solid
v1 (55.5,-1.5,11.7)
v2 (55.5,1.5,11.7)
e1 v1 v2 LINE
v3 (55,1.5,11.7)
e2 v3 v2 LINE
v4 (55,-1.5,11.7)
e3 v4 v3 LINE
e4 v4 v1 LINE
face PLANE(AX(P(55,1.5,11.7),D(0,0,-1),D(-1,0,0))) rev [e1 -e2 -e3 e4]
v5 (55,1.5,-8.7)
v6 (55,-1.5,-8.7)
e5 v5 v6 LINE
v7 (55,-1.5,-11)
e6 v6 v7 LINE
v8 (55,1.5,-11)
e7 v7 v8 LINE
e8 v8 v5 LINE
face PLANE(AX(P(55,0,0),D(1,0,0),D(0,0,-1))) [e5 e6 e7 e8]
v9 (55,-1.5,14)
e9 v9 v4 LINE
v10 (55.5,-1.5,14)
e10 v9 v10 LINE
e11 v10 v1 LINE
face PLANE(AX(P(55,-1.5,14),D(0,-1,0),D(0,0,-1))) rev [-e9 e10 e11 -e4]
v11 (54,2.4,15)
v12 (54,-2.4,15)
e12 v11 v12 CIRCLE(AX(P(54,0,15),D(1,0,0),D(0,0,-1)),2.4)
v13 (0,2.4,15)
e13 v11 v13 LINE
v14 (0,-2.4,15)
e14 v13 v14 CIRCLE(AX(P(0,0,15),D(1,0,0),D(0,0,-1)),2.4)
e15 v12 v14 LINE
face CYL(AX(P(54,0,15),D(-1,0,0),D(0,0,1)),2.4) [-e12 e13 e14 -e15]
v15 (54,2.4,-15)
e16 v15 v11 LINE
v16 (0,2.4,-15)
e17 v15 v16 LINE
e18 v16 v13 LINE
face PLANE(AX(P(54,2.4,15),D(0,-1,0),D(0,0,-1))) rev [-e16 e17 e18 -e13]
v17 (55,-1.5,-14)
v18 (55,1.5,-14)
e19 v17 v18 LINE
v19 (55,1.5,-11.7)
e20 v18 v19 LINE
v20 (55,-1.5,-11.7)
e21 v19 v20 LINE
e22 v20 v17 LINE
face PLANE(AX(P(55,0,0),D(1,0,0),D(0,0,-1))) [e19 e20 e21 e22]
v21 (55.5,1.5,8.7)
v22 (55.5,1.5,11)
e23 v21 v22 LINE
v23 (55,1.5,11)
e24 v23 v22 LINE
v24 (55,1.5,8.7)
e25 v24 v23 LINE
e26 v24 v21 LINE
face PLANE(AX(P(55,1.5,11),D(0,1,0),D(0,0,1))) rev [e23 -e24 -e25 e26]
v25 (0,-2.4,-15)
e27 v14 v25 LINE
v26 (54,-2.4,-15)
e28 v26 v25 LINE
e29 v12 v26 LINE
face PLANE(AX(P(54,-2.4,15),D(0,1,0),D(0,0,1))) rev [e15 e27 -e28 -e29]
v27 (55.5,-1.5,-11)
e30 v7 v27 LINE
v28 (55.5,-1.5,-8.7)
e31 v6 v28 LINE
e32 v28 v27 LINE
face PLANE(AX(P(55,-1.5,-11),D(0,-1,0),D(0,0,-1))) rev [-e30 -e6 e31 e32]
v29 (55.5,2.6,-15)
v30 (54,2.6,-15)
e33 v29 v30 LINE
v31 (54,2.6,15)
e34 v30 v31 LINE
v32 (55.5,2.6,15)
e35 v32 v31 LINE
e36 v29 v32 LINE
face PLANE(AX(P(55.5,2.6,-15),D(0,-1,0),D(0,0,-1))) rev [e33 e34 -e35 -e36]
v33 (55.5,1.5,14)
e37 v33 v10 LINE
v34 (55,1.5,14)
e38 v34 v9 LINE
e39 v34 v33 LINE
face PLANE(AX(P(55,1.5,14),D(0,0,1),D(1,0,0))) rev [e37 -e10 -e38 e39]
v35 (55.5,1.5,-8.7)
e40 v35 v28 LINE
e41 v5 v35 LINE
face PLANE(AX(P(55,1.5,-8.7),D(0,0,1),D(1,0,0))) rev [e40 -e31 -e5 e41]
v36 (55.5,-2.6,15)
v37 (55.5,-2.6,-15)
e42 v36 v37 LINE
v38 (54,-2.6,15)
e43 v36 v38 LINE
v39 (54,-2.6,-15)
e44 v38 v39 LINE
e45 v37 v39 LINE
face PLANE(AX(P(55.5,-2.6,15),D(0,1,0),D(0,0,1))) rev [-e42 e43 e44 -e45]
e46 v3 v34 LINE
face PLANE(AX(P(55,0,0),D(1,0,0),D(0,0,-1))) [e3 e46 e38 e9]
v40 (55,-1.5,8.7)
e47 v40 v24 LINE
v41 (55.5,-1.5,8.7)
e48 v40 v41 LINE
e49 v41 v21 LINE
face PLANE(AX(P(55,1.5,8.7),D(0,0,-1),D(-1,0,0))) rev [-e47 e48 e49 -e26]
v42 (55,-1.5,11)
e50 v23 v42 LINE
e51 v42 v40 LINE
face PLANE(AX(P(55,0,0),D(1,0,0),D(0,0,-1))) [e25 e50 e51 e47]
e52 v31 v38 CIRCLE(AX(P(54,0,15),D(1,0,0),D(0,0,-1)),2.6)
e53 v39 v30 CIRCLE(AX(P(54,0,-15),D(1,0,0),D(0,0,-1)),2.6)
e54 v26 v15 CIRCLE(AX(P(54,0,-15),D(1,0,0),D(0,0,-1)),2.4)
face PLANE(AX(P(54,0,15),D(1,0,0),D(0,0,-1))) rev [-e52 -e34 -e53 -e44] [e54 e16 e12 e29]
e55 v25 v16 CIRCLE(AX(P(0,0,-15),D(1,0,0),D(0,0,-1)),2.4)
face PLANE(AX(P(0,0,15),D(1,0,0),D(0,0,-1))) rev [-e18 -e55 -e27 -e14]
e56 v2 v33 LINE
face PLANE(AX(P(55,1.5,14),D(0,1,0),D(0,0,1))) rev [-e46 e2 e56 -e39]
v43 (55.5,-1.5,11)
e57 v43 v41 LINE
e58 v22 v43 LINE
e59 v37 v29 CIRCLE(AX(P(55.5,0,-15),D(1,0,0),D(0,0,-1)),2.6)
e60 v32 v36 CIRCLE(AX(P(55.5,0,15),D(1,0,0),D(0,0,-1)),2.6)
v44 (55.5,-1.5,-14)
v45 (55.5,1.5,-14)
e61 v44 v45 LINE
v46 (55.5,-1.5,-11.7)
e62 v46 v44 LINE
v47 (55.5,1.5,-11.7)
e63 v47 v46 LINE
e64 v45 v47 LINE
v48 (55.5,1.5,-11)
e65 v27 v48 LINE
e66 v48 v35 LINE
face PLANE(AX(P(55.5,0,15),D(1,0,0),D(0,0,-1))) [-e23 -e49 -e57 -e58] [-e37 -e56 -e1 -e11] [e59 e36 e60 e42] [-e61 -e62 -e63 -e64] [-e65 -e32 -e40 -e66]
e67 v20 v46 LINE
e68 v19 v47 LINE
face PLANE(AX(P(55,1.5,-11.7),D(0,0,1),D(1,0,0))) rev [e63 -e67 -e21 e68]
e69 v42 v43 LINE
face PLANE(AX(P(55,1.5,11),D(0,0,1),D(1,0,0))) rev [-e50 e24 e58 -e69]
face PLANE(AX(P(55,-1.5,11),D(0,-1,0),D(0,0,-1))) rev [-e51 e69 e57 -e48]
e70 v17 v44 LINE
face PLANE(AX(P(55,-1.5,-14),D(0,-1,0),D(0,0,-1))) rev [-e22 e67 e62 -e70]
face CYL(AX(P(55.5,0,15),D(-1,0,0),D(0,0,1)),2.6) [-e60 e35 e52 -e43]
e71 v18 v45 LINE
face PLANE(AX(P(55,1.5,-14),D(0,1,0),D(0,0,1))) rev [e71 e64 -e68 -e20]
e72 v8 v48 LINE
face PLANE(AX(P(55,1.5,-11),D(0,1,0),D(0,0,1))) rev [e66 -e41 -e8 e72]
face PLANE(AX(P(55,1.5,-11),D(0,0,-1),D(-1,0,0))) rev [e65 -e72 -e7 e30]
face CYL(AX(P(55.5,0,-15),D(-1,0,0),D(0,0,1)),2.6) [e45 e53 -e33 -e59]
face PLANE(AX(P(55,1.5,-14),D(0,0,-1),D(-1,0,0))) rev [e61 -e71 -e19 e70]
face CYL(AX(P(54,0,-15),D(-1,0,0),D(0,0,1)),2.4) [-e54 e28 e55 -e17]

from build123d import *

# Parameters (mm, degrees)
BOSS_EXTRUDE1_DEPTH = 54
BOSS_EXTRUDE2_DEPTH = 1.5
SKETCH3_W           = 2.3
SKETCH3_H           = 3
CUT_EXTRUDE1_DEPTH  = 0.5


with BuildPart() as part:
    # Sketch1 → Boss-Extrude1 (new body)
    with BuildSketch(Plane(origin=(0, 0, 0), x_dir=(0, 0, -1), z_dir=(1, 0, 0))):
        with BuildLine():
            Line((-15, 2.4), (15, 2.4))
            ThreePointArc((15, 2.4), (17.4, 0), (15, -2.4))
            Line((15, -2.4), (-15, -2.4))
            ThreePointArc((-15, -2.4), (-17.4, 0), (-15, 2.4))
        make_face()
    extrude(amount=BOSS_EXTRUDE1_DEPTH)

    # Sketch2 → Boss-Extrude2 (add)
    with BuildSketch(Plane(origin=(54, 0, 0), x_dir=(0, 0, -1), z_dir=(1, 0, 0))):
        with BuildLine():
            Line((-15, -2.6), (15, -2.6))
            ThreePointArc((15, -2.6), (17.6, 0), (15, 2.6))
            Line((15, 2.6), (-15, 2.6))
            ThreePointArc((-15, 2.6), (-17.6, 0), (-15, -2.6))
        make_face()
    extrude(amount=BOSS_EXTRUDE2_DEPTH)

    # Sketch3 → Cut-Extrude1 (cut)
    with BuildSketch(Plane(origin=(55.5, 0, 0), x_dir=(0, 0, -1), z_dir=(1, 0, 0))):
        with Locations((-12.85, 0)):
            Rectangle(SKETCH3_W, SKETCH3_H)
        with Locations((-9.85, 0)):
            Rectangle(SKETCH3_W, SKETCH3_H)
        with Locations((9.85, 0)):
            Rectangle(SKETCH3_W, SKETCH3_H)
        with Locations((12.85, 0)):
            Rectangle(SKETCH3_W, SKETCH3_H)
    extrude(amount=-CUT_EXTRUDE1_DEPTH, mode=Mode.SUBTRACT)


solid = part.part
